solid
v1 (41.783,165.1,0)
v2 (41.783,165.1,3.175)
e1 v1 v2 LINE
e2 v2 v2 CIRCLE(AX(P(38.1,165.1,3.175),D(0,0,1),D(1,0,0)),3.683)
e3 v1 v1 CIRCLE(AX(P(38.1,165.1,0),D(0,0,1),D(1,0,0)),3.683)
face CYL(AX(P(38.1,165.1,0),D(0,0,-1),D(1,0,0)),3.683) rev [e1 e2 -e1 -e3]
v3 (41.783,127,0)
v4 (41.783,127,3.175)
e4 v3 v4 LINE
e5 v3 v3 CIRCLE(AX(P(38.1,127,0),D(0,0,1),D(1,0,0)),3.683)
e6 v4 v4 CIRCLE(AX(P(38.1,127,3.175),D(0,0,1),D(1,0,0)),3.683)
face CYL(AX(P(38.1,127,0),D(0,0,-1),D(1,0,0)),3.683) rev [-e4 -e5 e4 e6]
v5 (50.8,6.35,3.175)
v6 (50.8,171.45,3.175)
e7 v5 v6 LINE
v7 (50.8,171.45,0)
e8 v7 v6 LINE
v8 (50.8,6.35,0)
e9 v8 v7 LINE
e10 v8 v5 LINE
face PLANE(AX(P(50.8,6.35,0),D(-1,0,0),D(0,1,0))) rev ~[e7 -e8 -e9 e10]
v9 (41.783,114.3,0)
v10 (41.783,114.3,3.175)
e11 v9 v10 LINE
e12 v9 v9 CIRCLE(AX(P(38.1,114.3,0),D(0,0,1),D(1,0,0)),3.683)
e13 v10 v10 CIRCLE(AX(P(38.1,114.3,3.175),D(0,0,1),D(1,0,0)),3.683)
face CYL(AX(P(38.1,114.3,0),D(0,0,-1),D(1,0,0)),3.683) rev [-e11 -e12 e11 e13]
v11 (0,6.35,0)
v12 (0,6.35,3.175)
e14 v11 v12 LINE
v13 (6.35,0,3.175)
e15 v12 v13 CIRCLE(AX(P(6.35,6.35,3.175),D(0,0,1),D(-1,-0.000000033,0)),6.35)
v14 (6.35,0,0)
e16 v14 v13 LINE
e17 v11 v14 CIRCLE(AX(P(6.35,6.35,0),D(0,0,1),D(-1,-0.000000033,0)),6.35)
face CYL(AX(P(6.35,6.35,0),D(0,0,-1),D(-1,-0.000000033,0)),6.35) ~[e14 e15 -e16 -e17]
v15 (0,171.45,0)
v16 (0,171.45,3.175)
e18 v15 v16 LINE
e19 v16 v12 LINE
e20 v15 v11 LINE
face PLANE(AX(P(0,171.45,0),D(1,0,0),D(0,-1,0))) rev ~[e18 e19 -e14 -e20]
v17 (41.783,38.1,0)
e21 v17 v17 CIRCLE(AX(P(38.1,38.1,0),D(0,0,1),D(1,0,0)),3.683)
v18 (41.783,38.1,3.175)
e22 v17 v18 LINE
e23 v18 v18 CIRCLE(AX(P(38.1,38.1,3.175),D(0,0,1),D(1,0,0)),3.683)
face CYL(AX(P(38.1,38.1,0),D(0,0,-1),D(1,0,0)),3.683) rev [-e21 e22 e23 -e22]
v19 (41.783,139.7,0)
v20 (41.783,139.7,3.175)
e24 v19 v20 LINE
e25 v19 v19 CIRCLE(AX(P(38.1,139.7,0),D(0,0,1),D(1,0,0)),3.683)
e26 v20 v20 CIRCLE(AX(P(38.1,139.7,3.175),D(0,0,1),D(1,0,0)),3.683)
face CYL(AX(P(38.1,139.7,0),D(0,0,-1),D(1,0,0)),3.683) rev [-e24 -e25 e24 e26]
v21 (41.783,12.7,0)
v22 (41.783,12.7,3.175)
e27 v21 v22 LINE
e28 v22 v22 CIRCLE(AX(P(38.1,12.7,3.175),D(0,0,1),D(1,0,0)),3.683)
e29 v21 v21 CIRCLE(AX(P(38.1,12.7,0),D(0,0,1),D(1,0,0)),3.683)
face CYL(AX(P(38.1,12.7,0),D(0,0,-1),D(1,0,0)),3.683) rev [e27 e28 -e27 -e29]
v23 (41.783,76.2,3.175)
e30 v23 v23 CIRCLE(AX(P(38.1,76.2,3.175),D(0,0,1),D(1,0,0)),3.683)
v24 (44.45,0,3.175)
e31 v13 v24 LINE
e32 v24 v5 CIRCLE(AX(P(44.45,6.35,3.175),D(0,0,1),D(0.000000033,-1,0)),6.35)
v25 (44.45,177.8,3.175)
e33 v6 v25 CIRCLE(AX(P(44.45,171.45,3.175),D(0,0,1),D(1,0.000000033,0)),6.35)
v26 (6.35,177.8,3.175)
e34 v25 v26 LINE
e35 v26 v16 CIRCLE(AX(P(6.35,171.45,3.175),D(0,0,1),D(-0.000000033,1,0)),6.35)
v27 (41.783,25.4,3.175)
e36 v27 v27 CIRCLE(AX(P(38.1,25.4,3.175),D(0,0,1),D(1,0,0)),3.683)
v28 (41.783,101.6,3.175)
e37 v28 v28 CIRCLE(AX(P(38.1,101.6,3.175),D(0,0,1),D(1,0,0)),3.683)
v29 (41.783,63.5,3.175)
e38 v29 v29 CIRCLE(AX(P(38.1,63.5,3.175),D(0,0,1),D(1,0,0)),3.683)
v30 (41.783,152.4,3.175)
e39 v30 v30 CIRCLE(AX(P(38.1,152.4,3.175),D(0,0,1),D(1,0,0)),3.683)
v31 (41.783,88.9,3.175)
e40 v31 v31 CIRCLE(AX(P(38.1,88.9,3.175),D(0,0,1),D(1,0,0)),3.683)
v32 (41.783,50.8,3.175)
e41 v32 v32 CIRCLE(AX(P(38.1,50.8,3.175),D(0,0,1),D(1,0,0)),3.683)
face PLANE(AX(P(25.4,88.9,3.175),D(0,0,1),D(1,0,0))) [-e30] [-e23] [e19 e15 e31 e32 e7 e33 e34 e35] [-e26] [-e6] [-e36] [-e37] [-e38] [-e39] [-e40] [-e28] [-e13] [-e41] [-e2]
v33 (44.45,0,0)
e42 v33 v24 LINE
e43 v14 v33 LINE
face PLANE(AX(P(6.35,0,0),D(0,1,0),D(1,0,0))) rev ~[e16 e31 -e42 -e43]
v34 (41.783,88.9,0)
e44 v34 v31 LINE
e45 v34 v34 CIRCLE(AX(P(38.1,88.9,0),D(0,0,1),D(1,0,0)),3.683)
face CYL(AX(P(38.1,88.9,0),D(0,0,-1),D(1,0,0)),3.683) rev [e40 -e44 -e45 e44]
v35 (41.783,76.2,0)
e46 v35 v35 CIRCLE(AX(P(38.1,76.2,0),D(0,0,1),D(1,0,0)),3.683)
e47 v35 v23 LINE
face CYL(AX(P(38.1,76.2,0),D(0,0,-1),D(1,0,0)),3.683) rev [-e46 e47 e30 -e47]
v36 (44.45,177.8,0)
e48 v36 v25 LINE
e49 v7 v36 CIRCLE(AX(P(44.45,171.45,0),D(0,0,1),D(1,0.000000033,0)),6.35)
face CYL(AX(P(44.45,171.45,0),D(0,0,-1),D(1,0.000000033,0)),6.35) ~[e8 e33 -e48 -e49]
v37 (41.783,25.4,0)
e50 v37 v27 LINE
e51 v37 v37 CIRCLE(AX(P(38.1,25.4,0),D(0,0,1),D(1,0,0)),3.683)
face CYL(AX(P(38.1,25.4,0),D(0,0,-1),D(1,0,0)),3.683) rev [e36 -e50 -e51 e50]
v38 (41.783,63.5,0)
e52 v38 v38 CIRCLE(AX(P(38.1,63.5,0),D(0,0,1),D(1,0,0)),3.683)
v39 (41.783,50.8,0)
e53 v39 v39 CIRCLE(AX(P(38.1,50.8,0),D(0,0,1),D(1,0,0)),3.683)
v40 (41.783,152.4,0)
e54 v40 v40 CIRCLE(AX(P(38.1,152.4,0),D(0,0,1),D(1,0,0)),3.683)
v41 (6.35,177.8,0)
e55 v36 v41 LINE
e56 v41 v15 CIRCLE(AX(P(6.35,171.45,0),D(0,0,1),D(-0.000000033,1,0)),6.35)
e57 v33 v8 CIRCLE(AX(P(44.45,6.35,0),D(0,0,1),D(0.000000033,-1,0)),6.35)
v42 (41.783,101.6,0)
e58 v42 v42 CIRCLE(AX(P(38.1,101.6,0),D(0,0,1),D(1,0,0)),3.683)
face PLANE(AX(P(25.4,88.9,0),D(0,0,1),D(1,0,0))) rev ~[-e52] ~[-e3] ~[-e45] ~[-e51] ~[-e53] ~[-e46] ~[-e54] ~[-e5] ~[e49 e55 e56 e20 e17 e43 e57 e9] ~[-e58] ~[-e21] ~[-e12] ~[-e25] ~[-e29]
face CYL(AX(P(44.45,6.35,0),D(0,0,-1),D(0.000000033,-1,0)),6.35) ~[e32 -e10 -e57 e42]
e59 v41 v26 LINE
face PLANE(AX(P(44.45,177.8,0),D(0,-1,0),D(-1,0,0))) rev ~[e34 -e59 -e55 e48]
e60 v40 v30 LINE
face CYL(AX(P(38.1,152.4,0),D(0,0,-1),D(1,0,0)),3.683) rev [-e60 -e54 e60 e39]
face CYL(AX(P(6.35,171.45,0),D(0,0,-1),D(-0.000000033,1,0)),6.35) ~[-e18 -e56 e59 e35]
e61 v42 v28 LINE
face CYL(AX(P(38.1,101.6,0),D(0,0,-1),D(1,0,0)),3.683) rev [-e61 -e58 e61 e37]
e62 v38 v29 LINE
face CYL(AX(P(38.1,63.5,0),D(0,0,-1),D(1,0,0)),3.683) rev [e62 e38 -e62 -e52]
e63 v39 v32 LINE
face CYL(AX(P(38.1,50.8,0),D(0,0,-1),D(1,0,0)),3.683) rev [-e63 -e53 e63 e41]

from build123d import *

# Parameters (mm, degrees)
F0_R     = 3.683
F1_DEPTH = 3.175


with BuildPart() as f1:
    # F0 (on Top) → F1 (new body)
    with BuildSketch(Plane.XY):
        with BuildLine():
            ThreePointArc((0, 6.35), (1.859872, 1.859872), (6.35, 0))
            Line((6.35, 0), (44.45, 0))
            ThreePointArc((44.45, 0), (48.940128, 1.859872), (50.8, 6.35))
            Line((50.8, 6.35), (50.8, 171.45))
            ThreePointArc((50.8, 171.45), (48.940128, 175.940128), (44.45, 177.8))
            Line((44.45, 177.8), (6.35, 177.8))
            ThreePointArc((6.35, 177.8), (1.859872, 175.940128), (0, 171.45))
            Line((0, 171.45), (0, 6.35))
        make_face()
        with Locations((38.1, 12.7)):
            Circle(F0_R, mode=Mode.SUBTRACT)
        with Locations((38.1, 25.4)):
            Circle(F0_R, mode=Mode.SUBTRACT)
        with Locations((38.1, 38.1)):
            Circle(F0_R, mode=Mode.SUBTRACT)
        with Locations((38.1, 50.8)):
            Circle(F0_R, mode=Mode.SUBTRACT)
        with Locations((38.1, 63.5)):
            Circle(F0_R, mode=Mode.SUBTRACT)
        with Locations((38.1, 76.2)):
            Circle(F0_R, mode=Mode.SUBTRACT)
        with Locations((38.1, 88.9)):
            Circle(F0_R, mode=Mode.SUBTRACT)
        with Locations((38.1, 101.6)):
            Circle(F0_R, mode=Mode.SUBTRACT)
        with Locations((38.1, 114.3)):
            Circle(F0_R, mode=Mode.SUBTRACT)
        with Locations((38.1, 127)):
            Circle(F0_R, mode=Mode.SUBTRACT)
        with Locations((38.1, 139.7)):
            Circle(F0_R, mode=Mode.SUBTRACT)
        with Locations((38.1, 152.4)):
            Circle(F0_R, mode=Mode.SUBTRACT)
        with Locations((38.1, 165.1)):
            Circle(F0_R, mode=Mode.SUBTRACT)
    extrude(amount=F1_DEPTH)


solid = f1.part
